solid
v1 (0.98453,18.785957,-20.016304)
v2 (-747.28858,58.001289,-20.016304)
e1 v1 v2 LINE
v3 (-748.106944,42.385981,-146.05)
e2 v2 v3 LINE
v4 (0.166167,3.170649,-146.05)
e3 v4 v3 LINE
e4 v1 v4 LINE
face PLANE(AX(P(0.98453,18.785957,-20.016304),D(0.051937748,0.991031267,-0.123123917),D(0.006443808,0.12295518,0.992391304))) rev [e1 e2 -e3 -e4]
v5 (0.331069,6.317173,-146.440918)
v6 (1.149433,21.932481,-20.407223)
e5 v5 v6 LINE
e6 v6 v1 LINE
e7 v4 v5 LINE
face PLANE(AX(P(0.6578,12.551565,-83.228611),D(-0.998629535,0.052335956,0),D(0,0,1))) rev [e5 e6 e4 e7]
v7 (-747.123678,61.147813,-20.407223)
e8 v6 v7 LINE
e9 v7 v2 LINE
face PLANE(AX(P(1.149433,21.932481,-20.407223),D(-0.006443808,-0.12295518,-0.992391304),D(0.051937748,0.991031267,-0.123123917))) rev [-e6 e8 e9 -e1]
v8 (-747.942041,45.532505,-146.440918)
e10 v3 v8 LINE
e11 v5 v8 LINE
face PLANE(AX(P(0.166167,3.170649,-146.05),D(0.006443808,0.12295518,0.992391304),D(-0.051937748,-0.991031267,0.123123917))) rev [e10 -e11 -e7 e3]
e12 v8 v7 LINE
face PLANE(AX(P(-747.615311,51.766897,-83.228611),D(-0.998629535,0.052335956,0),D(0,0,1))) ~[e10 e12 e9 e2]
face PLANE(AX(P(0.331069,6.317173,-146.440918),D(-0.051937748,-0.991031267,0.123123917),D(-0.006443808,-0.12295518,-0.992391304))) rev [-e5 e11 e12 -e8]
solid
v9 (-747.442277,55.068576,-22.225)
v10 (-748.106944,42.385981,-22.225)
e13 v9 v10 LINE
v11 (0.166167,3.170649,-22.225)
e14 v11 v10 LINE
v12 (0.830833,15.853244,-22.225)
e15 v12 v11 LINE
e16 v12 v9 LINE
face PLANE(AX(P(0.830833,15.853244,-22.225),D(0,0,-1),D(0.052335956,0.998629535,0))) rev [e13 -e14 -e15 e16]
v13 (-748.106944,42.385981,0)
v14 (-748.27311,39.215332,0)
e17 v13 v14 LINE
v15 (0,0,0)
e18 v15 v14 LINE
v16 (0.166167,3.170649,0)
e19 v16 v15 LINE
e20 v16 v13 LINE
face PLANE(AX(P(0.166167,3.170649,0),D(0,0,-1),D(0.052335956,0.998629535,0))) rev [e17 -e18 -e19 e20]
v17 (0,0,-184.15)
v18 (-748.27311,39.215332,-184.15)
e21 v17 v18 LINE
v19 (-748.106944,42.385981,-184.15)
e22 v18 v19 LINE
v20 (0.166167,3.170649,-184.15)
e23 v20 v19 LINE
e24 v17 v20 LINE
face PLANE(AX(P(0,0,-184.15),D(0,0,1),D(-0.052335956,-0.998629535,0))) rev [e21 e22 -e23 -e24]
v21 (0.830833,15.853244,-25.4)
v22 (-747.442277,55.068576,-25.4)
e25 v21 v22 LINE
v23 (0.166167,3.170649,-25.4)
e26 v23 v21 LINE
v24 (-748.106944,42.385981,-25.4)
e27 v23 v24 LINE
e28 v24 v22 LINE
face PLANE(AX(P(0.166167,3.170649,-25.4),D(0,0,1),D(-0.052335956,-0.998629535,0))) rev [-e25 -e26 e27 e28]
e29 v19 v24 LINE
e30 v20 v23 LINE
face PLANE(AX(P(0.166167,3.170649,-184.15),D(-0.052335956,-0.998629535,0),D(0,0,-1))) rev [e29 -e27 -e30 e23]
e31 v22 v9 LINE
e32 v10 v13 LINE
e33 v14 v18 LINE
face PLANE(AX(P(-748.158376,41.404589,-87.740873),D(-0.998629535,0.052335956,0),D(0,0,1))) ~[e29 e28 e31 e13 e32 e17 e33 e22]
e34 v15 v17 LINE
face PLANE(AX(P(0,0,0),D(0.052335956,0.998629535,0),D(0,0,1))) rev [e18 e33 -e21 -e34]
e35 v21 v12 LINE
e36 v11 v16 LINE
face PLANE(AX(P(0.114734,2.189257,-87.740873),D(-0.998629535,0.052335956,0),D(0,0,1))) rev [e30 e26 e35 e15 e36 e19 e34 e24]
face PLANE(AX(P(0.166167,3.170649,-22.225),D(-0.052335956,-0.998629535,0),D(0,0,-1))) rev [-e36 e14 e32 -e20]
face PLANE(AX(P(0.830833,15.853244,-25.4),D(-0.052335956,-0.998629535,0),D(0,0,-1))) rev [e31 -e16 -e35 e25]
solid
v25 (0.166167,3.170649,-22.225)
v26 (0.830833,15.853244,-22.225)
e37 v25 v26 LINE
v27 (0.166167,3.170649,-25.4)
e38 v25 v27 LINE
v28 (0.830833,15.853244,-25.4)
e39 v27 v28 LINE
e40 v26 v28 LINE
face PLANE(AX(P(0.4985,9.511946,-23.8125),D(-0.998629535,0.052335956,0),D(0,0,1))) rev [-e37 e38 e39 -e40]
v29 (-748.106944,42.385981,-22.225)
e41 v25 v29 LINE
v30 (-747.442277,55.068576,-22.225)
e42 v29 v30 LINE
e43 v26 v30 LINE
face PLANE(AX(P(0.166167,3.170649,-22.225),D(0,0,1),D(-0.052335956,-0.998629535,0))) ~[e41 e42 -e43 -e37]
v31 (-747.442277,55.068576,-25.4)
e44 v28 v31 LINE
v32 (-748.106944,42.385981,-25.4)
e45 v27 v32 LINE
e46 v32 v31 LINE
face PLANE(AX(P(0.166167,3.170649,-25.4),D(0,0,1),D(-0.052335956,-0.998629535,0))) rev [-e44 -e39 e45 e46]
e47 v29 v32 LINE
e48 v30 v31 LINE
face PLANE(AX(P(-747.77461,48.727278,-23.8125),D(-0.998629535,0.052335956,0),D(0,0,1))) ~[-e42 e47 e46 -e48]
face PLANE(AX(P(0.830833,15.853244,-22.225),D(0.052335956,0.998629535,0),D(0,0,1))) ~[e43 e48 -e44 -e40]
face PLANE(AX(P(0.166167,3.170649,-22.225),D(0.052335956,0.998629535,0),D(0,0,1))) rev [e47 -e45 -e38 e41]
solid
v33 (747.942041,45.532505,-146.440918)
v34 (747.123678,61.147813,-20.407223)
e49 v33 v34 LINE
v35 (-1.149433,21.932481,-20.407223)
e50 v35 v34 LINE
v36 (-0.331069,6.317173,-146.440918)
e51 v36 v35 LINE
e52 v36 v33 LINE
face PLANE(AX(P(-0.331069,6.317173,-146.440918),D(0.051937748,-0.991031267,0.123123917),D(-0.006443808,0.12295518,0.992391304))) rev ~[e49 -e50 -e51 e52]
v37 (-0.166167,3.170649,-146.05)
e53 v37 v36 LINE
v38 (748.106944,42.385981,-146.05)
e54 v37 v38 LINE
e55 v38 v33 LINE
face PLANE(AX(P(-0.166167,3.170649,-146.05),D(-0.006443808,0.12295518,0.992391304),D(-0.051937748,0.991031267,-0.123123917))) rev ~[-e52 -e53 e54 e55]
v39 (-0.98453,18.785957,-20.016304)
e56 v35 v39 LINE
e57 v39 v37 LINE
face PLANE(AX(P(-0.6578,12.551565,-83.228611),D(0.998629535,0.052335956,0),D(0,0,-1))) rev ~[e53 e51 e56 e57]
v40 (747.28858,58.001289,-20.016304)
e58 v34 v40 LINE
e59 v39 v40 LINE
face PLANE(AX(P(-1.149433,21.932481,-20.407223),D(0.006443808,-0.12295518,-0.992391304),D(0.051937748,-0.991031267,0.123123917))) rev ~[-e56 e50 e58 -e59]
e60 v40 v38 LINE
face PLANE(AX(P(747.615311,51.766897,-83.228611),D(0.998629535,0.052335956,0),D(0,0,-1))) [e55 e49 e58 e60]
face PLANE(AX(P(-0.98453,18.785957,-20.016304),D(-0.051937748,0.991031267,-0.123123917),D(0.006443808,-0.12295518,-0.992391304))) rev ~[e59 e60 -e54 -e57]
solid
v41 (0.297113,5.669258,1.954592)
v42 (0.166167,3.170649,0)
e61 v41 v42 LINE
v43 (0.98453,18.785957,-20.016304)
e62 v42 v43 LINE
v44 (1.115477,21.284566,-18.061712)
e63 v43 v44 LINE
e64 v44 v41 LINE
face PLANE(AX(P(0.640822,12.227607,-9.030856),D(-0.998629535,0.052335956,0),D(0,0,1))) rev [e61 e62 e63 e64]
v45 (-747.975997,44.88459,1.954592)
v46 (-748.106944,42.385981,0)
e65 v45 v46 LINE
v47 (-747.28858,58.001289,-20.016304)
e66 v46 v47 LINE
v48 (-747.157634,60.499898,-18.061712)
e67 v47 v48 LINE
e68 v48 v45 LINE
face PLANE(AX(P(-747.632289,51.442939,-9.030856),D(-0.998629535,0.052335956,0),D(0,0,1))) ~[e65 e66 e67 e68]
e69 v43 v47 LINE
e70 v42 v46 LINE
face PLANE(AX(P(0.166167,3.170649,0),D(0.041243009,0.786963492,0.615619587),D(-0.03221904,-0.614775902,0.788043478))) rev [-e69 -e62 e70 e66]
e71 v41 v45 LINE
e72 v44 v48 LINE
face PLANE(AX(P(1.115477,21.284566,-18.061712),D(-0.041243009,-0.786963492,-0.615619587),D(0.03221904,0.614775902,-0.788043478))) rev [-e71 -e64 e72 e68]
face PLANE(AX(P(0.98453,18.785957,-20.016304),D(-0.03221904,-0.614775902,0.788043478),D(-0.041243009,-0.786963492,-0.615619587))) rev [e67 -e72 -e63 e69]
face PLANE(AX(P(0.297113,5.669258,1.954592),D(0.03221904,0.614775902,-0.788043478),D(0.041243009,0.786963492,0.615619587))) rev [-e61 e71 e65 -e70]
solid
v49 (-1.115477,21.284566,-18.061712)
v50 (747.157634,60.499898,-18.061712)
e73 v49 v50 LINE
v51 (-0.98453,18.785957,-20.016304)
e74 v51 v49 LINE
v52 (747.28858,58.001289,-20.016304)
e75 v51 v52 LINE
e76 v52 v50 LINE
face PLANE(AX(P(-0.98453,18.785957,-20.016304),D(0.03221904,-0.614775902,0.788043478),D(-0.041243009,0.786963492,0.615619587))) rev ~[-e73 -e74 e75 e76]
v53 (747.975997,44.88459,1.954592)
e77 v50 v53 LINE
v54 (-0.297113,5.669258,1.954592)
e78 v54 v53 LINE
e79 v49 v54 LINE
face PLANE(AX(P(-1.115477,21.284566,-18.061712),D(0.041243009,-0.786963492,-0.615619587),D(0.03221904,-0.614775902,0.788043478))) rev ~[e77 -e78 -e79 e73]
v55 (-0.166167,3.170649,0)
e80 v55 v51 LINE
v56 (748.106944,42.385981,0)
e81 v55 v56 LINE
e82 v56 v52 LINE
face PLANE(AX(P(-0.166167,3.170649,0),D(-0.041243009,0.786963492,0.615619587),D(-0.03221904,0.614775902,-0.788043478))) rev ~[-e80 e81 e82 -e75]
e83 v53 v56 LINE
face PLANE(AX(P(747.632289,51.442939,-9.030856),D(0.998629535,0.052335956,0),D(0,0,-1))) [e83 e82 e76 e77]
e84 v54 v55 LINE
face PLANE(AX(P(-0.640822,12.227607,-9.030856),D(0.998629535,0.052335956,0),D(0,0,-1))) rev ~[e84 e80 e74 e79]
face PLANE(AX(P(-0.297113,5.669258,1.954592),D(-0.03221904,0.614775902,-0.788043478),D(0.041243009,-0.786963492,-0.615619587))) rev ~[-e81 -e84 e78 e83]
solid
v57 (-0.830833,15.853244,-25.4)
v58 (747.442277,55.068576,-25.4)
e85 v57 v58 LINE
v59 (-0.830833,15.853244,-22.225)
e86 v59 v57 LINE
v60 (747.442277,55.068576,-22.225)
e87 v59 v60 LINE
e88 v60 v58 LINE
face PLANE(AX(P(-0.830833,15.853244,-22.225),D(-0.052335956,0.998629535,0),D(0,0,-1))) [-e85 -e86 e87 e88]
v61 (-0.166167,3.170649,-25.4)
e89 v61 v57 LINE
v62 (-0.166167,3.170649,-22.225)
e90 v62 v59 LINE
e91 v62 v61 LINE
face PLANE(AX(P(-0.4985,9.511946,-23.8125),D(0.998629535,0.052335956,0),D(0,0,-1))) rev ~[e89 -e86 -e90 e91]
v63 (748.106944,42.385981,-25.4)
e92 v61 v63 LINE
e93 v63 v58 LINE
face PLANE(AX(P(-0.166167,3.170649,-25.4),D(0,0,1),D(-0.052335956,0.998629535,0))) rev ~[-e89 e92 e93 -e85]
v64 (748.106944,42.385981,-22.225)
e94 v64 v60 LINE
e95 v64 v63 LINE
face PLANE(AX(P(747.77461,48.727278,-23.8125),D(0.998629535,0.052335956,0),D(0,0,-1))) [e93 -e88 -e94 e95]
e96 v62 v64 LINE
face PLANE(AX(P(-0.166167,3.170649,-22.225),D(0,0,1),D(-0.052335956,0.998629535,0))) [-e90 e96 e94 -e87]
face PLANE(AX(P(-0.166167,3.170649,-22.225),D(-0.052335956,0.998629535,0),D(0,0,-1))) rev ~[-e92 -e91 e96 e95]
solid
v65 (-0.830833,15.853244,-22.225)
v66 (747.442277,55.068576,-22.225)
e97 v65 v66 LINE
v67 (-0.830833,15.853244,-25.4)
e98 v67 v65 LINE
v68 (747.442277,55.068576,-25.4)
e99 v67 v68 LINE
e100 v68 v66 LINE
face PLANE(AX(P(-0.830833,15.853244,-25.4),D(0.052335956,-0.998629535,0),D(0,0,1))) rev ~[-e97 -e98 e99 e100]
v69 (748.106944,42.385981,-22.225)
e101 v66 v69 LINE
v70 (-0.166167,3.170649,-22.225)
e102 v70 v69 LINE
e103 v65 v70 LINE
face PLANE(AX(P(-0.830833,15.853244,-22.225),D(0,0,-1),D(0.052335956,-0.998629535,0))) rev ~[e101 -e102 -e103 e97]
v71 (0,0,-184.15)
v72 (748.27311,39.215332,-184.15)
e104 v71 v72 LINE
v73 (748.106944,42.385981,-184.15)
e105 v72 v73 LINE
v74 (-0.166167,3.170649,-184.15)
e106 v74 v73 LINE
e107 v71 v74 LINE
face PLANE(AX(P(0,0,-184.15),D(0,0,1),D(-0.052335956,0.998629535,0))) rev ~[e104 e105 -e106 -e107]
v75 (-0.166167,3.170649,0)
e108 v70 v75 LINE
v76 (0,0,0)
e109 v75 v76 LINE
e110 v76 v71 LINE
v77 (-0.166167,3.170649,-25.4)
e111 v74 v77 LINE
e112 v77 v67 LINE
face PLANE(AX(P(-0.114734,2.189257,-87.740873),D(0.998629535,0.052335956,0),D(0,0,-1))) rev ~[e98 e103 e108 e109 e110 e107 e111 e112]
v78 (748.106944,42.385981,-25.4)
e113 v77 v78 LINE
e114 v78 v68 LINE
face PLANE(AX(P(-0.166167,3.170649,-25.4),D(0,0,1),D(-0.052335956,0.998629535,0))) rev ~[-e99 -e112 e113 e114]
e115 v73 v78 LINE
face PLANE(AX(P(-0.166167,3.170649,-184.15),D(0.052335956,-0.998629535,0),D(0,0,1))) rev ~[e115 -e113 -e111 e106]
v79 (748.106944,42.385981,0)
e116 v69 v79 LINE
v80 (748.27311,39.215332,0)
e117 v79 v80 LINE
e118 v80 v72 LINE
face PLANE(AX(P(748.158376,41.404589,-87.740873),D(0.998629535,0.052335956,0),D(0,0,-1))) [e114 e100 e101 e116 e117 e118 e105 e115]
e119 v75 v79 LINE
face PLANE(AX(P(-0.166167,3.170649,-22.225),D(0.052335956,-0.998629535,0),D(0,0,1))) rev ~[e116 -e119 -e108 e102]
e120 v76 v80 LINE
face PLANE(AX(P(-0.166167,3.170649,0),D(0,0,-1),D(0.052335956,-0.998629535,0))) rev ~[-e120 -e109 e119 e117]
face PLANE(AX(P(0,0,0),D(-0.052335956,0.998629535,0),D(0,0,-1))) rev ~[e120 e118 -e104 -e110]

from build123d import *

# Parameters (mm, degrees)
BOSS_EXTRUDE4_DEPTH   = 749.3
BOSS_EXTRUDE4_2_DEPTH = 749.3
BOSS_EXTRUDE4_3_DEPTH = 749.3
SKETCH1_3_W           = 3.175
SKETCH1_3_H           = 12.7
BOSS_EXTRUDE6_DEPTH   = 749.3


with BuildPart() as part:
    # Sketch1 → Boss-Extrude4 (new body)
    with BuildSketch(Plane(origin=(0, 0, 0), x_dir=(0, 0, -1), z_dir=(0.9986295347545743, 0.05233595624293715, 0))):
        Polygon((0, 3.175), (0, 0), (184.15, 0), (184.15, 3.175), (146.05, 3.175), (25.4, 3.175), (25.4, 15.875), (22.225, 15.875), (22.225, 3.175), align=None)
    extrude(amount=BOSS_EXTRUDE4_DEPTH)


with BuildPart() as body_2:
    # Sketch1 → Boss-Extrude4 2 (new body)
    with BuildSketch(Plane(origin=(0, 0, 0), x_dir=(0, 0, -1), z_dir=(0.9986295347545743, 0.05233595624293715, 0))):
        Polygon((-1.95459219, 5.677038043), (0, 3.175), (20.016304348, 18.81173752), (18.061712158, 21.313775563), align=None)
    extrude(amount=BOSS_EXTRUDE4_2_DEPTH)


with BuildPart() as body_3:
    # Sketch1 → Boss-Extrude4 3 (new body)
    with BuildSketch(Plane(origin=(0, 0, 0), x_dir=(0, 0, -1), z_dir=(0.9986295347545743, 0.05233595624293715, 0))):
        Polygon((20.407222786, 21.962579911), (20.016304348, 18.81173752), (146.05, 3.175), (146.440918438, 6.325842391), align=None)
    extrude(amount=BOSS_EXTRUDE4_3_DEPTH)


with BuildPart() as body_4:
    # Sketch1<3> → Boss-Extrude6 (new body)
    with BuildSketch(Plane(origin=(0, 0, 0), x_dir=(0, 0, -1), z_dir=(0.9986295347545743, 0.05233595624293715, 0))):
        with Locations((23.8125, 9.525)):
            Rectangle(SKETCH1_3_W, SKETCH1_3_H)
    extrude(amount=BOSS_EXTRUDE6_DEPTH)


with BuildPart() as body_5:
    # Mirror5: mirrored copy
    add(body_2.part.mirror(Plane(origin=(0, 0, 0), x_dir=(0, 0, 1), z_dir=(1, 0, 0))))


with BuildPart() as body_6:
    # Mirror5 2: mirrored copy
    add(part.part.mirror(Plane(origin=(0, 0, 0), x_dir=(0, 0, 1), z_dir=(1, 0, 0))))


with BuildPart() as body_7:
    # Mirror5 3: mirrored copy
    add(body_4.part.mirror(Plane(origin=(0, 0, 0), x_dir=(0, 0, 1), z_dir=(1, 0, 0))))


with BuildPart() as body_8:
    # Mirror5 4: mirrored copy
    add(body_3.part.mirror(Plane(origin=(0, 0, 0), x_dir=(0, 0, 1), z_dir=(1, 0, 0))))


solid = Compound([part.part, body_2.part, body_3.part, body_4.part, body_5.part, body_6.part, body_7.part, body_8.part])
